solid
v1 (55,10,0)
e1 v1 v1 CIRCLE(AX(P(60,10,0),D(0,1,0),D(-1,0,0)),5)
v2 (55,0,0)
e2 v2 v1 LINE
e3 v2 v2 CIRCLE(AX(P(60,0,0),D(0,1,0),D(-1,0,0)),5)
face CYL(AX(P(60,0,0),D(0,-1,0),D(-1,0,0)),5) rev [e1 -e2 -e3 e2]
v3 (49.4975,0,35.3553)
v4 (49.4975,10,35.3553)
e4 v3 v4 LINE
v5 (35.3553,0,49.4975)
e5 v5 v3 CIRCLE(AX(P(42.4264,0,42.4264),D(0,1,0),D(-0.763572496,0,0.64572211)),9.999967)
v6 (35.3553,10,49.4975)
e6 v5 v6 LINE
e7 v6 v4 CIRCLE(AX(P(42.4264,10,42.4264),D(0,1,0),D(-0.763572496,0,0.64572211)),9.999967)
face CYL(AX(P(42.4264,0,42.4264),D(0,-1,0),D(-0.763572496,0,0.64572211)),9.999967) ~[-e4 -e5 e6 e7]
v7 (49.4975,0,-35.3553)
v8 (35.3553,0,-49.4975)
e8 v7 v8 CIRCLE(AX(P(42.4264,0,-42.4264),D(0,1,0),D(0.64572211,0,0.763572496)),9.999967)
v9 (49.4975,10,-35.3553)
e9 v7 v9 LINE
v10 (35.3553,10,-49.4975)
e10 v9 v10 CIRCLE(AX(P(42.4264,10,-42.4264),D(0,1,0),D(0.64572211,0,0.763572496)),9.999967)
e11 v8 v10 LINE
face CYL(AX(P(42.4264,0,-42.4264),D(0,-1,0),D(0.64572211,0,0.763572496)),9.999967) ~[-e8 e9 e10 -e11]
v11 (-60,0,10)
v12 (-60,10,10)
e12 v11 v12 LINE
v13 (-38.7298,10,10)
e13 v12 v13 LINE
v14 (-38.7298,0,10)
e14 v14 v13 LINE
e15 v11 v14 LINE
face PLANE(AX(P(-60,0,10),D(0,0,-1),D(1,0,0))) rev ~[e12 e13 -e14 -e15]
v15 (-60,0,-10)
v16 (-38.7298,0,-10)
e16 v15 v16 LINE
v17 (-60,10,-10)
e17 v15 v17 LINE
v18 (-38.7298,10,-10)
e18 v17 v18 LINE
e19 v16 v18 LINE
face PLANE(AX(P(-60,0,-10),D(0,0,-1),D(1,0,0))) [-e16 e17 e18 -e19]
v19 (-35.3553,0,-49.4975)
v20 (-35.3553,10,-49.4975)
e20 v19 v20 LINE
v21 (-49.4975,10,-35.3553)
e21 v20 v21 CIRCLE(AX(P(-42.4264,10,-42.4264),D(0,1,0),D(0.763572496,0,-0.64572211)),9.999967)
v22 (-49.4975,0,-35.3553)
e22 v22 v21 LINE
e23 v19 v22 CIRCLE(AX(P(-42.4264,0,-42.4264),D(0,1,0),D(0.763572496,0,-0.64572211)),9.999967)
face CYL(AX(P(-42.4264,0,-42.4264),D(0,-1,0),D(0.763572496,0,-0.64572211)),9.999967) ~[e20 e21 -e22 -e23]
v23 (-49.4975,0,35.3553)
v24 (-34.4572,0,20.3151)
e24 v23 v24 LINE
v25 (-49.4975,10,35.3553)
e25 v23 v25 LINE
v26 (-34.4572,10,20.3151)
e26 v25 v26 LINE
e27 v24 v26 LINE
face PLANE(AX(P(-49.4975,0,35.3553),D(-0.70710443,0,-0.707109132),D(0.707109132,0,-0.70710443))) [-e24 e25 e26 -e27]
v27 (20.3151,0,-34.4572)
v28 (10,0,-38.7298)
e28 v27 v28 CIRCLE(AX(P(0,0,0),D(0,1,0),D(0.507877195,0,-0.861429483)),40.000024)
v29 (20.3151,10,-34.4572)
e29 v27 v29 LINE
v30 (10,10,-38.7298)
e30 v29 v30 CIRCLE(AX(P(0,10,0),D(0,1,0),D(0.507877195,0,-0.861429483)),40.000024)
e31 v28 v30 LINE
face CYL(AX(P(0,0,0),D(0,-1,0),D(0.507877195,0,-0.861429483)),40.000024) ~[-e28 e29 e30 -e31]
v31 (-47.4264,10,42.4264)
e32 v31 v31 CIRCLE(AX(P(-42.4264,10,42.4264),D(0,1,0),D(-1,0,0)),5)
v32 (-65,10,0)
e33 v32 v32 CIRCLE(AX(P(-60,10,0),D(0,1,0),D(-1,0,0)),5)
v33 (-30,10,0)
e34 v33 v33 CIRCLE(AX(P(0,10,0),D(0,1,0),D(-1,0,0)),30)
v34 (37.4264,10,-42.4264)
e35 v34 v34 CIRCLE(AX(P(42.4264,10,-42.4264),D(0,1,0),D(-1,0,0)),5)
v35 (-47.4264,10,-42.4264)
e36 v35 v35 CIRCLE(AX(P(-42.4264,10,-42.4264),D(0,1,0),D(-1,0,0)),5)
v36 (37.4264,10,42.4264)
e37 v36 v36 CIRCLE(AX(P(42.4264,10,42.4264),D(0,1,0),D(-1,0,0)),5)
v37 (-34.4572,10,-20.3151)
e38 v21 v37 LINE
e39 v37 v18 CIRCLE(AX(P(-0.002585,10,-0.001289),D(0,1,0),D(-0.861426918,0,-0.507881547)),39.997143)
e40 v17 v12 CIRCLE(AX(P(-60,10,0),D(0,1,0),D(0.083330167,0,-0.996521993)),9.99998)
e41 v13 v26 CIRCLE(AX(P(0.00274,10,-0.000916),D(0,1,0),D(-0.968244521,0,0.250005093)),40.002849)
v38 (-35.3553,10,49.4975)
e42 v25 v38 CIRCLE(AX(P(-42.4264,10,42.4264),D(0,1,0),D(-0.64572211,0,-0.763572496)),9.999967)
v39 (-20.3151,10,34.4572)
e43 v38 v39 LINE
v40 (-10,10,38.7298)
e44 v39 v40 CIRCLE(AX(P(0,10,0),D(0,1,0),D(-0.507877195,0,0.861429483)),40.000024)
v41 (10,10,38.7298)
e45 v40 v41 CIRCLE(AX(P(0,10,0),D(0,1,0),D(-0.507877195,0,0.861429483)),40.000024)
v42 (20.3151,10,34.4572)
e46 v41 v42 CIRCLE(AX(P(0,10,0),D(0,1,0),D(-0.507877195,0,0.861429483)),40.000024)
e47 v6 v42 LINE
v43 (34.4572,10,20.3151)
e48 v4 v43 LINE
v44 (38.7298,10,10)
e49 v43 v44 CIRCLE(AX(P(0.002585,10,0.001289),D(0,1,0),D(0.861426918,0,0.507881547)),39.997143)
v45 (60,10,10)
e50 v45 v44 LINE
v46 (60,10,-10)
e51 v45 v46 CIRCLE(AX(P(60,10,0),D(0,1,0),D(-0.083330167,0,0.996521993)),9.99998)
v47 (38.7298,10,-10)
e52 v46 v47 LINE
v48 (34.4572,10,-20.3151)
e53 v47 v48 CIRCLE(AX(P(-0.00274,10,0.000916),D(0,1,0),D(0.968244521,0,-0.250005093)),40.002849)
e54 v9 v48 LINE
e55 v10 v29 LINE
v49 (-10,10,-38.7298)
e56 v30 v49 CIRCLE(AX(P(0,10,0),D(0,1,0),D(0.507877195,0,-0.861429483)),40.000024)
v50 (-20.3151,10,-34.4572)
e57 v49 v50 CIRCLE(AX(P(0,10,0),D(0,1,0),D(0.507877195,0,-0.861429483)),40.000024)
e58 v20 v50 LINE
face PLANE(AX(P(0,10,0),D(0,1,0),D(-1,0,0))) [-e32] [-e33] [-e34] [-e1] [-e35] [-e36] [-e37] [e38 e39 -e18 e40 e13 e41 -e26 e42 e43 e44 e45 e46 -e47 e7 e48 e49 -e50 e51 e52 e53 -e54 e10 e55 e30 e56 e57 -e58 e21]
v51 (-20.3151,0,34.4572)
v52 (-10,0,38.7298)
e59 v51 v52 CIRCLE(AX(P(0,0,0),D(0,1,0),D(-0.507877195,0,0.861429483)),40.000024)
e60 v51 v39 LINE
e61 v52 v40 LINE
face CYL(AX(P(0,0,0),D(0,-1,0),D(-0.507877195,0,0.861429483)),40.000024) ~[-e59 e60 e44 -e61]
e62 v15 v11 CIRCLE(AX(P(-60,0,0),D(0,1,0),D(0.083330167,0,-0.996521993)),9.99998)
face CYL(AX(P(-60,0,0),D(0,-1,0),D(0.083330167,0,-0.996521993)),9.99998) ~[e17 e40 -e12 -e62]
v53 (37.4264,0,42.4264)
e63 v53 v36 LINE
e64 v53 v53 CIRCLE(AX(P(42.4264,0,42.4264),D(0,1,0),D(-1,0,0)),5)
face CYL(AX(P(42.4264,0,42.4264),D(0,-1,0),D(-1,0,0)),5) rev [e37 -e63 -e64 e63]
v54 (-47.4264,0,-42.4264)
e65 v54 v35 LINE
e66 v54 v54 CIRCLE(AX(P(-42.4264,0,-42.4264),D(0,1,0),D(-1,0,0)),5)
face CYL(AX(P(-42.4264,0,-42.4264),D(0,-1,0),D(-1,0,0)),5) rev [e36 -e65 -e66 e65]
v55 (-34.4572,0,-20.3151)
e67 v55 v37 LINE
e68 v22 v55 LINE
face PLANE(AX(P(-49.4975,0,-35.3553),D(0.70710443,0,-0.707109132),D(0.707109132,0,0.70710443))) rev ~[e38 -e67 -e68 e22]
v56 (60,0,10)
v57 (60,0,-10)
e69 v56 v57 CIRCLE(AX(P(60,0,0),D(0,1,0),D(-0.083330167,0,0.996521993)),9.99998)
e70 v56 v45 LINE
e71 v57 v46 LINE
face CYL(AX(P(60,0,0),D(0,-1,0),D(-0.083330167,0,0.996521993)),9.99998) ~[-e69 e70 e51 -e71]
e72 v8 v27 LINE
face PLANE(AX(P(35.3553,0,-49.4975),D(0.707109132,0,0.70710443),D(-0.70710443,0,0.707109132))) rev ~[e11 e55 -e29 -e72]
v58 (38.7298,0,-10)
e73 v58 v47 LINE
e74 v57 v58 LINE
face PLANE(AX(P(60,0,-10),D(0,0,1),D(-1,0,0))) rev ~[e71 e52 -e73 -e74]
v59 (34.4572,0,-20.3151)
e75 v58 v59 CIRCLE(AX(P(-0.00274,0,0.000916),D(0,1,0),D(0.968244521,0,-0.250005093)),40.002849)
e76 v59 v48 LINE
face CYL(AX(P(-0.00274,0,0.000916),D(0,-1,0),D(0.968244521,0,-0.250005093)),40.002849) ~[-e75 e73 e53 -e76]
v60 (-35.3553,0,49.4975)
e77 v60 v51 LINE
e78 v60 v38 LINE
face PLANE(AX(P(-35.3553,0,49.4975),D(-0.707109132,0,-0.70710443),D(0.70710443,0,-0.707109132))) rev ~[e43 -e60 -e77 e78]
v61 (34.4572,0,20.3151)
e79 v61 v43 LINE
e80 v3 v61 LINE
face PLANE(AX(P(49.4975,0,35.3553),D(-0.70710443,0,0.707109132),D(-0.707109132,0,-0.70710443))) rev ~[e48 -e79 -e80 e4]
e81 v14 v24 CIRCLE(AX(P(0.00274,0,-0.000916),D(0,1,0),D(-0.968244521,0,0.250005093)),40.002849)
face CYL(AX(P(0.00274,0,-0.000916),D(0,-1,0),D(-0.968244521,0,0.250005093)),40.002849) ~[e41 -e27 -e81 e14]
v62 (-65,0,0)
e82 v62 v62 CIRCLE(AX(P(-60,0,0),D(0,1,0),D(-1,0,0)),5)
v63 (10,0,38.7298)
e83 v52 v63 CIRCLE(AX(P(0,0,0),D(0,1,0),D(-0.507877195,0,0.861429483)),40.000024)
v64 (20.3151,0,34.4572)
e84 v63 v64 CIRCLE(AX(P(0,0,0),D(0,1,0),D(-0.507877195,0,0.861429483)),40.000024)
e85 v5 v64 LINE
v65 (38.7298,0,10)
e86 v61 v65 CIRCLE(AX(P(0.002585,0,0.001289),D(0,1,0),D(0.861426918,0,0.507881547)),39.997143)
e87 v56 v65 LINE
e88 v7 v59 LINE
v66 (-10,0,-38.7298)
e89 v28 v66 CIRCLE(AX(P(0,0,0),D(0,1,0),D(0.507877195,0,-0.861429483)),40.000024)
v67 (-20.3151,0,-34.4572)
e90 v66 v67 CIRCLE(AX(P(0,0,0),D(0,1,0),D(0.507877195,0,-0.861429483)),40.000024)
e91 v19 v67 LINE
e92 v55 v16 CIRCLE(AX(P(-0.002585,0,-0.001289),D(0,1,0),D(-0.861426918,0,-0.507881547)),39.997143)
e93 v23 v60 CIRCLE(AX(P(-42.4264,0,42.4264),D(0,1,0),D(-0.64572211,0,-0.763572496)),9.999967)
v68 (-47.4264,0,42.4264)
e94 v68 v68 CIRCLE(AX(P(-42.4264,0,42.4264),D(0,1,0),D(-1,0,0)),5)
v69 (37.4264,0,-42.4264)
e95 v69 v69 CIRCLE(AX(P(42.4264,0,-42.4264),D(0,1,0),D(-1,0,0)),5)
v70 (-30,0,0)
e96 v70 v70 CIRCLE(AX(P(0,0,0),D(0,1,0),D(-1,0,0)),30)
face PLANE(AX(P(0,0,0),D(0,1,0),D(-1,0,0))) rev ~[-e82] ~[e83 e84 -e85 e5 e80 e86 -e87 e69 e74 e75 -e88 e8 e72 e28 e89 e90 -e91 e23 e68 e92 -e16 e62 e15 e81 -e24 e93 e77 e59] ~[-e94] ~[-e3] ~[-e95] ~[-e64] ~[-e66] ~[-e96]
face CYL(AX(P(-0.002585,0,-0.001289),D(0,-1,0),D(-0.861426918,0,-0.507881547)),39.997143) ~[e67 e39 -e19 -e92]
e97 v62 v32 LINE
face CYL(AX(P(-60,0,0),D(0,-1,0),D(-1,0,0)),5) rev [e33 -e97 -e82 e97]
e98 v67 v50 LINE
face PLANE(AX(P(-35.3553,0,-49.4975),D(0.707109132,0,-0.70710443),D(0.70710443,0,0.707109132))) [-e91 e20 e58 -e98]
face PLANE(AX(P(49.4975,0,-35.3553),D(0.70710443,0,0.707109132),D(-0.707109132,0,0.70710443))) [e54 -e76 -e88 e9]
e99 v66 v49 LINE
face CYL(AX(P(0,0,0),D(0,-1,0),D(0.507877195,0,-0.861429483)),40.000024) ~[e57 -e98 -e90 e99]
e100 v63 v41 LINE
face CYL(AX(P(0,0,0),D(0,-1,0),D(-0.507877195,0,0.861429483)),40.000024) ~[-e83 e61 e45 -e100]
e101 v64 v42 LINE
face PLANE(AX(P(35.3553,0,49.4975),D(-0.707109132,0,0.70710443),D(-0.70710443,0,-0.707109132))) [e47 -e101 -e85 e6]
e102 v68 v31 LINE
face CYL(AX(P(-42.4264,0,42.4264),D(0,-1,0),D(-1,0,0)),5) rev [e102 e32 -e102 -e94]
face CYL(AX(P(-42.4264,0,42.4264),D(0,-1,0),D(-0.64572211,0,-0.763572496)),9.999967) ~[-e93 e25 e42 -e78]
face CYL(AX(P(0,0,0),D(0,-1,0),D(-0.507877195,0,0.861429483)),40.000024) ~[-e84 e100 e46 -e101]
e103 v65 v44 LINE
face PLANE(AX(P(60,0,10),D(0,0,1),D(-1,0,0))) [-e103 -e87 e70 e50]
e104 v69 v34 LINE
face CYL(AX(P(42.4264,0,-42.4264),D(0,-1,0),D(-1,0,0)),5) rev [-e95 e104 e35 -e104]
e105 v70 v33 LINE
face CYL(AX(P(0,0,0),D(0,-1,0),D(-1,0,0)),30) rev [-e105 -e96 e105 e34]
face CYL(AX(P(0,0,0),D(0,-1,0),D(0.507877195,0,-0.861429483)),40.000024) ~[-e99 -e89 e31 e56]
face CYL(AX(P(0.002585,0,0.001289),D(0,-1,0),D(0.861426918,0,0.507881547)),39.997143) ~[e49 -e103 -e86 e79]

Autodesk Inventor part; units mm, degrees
ref_plane "YZ Plane" through (0, 0, 0) normal (1, 0, 0) x (0, 1, 0)
ref_plane "XZ Plane" through (0, 0, 0) normal (0, 1, 0) x (-1, 0, 0)
ref_plane "XY Plane" through (0, 0, 0) normal (0, 0, 1) x (1, 0, 0)
sketch "Sketch1" plane through (0, 0, 0) normal (0, 1, 0) x (-1, 0, 0)
  circle A0 centre (0, 0) radius 60 construction
  circle A1 centre (0, 0) radius 30
  circle A2 centre (60, 0) radius 5
  arc A3 (59.1667, -9.9652) -> (59.1667, 9.9652) centre (60, 0) ccw
  line L0 (60, -10) -> (38.7298, -10)
  line L1 (60, 10) -> (38.7298, 10)
  circle A4 centre (42.4264, 42.4264) radius 5
  arc A5 (48.8836, 34.7907) -> (34.7907, 48.8836) centre (42.4264, 42.4264) ccw
  line L2 (49.4975, 35.3553) -> (34.4572, 20.3151)
  line L3 (35.3553, 49.4975) -> (20.3151, 34.4572)
  circle A6 centre (0, 60) radius 5
  arc A7 (9.9652, 59.1667) -> (-9.9652, 59.1667) centre (0, 60) ccw
  line L4 (10, 60) -> (10, 38.7298)
  line L5 (-10, 60) -> (-10, 38.7298)
  circle A8 centre (-42.4264, 42.4264) radius 5
  arc A9 (-34.7907, 48.8836) -> (-48.8836, 34.7907) centre (-42.4264, 42.4264) ccw
  line L6 (-35.3553, 49.4975) -> (-20.3151, 34.4572)
  line L7 (-49.4975, 35.3553) -> (-34.4572, 20.3151)
  circle A10 centre (-60, 0) radius 5
  arc A11 (-59.1667, 9.9652) -> (-59.1667, -9.9652) centre (-60, 0) ccw
  line L8 (-60, 10) -> (-38.7298, 10)
  line L9 (-60, -10) -> (-38.7298, -10)
  circle A12 centre (-42.4264, -42.4264) radius 5
  arc A13 (-48.8836, -34.7907) -> (-34.7907, -48.8836) centre (-42.4264, -42.4264) ccw
  line L10 (-49.4975, -35.3553) -> (-34.4572, -20.3151)
  line L11 (-35.3553, -49.4975) -> (-20.3151, -34.4572)
  circle A14 centre (0, -60) radius 5
  arc A15 (-9.9652, -59.1667) -> (9.9652, -59.1667) centre (0, -60) ccw
  line L12 (-10, -60) -> (-10, -38.7298)
  line L13 (10, -60) -> (10, -38.7298)
  circle A16 centre (42.4264, -42.4264) radius 5
  arc A17 (34.7907, -48.8836) -> (48.8836, -34.7907) centre (42.4264, -42.4264) ccw
  line L14 (35.3553, -49.4975) -> (20.3151, -34.4572)
  line L15 (49.4975, -35.3553) -> (34.4572, -20.3151)
  arc A18 (34.4572, -20.3151) -> (38.7298, -10) centre (0, 0) ccw
  arc A19 (-20.3151, -34.4572) -> (20.3151, -34.4572) centre (0, 0) ccw
  arc A20 (-38.7298, -10) -> (-34.4572, -20.3151) centre (0, 0) ccw
  arc A21 (-34.4572, 20.3151) -> (-38.7298, 10) centre (0, 0) ccw
  arc A22 (38.7298, 10) -> (34.4572, 20.3151) centre (0, 0) ccw
  arc A23 (20.3151, 34.4572) -> (-20.3151, 34.4572) centre (0, 0) ccw
  circle A24 centre (0, 0) radius 40 construction
  dimension "d0" = 120
  dimension "d1" = 60
  dimension "d3" = 10
  dimension "d4" = 20
  dimension "d5" = 10
  dimension "d8" = 360
  dimension "d10" = 40
extrude "Extrusion1" add sketch "Sketch1" along normal blind 10 contours L0 A18 L15 A17 L14 A19 L11 A13 L10 A20 L9 A11 L8 A21 L7 A9 L6 A23 L3 A5 L2 A22 L1 A3
properties part number "CE-1.3.1"
